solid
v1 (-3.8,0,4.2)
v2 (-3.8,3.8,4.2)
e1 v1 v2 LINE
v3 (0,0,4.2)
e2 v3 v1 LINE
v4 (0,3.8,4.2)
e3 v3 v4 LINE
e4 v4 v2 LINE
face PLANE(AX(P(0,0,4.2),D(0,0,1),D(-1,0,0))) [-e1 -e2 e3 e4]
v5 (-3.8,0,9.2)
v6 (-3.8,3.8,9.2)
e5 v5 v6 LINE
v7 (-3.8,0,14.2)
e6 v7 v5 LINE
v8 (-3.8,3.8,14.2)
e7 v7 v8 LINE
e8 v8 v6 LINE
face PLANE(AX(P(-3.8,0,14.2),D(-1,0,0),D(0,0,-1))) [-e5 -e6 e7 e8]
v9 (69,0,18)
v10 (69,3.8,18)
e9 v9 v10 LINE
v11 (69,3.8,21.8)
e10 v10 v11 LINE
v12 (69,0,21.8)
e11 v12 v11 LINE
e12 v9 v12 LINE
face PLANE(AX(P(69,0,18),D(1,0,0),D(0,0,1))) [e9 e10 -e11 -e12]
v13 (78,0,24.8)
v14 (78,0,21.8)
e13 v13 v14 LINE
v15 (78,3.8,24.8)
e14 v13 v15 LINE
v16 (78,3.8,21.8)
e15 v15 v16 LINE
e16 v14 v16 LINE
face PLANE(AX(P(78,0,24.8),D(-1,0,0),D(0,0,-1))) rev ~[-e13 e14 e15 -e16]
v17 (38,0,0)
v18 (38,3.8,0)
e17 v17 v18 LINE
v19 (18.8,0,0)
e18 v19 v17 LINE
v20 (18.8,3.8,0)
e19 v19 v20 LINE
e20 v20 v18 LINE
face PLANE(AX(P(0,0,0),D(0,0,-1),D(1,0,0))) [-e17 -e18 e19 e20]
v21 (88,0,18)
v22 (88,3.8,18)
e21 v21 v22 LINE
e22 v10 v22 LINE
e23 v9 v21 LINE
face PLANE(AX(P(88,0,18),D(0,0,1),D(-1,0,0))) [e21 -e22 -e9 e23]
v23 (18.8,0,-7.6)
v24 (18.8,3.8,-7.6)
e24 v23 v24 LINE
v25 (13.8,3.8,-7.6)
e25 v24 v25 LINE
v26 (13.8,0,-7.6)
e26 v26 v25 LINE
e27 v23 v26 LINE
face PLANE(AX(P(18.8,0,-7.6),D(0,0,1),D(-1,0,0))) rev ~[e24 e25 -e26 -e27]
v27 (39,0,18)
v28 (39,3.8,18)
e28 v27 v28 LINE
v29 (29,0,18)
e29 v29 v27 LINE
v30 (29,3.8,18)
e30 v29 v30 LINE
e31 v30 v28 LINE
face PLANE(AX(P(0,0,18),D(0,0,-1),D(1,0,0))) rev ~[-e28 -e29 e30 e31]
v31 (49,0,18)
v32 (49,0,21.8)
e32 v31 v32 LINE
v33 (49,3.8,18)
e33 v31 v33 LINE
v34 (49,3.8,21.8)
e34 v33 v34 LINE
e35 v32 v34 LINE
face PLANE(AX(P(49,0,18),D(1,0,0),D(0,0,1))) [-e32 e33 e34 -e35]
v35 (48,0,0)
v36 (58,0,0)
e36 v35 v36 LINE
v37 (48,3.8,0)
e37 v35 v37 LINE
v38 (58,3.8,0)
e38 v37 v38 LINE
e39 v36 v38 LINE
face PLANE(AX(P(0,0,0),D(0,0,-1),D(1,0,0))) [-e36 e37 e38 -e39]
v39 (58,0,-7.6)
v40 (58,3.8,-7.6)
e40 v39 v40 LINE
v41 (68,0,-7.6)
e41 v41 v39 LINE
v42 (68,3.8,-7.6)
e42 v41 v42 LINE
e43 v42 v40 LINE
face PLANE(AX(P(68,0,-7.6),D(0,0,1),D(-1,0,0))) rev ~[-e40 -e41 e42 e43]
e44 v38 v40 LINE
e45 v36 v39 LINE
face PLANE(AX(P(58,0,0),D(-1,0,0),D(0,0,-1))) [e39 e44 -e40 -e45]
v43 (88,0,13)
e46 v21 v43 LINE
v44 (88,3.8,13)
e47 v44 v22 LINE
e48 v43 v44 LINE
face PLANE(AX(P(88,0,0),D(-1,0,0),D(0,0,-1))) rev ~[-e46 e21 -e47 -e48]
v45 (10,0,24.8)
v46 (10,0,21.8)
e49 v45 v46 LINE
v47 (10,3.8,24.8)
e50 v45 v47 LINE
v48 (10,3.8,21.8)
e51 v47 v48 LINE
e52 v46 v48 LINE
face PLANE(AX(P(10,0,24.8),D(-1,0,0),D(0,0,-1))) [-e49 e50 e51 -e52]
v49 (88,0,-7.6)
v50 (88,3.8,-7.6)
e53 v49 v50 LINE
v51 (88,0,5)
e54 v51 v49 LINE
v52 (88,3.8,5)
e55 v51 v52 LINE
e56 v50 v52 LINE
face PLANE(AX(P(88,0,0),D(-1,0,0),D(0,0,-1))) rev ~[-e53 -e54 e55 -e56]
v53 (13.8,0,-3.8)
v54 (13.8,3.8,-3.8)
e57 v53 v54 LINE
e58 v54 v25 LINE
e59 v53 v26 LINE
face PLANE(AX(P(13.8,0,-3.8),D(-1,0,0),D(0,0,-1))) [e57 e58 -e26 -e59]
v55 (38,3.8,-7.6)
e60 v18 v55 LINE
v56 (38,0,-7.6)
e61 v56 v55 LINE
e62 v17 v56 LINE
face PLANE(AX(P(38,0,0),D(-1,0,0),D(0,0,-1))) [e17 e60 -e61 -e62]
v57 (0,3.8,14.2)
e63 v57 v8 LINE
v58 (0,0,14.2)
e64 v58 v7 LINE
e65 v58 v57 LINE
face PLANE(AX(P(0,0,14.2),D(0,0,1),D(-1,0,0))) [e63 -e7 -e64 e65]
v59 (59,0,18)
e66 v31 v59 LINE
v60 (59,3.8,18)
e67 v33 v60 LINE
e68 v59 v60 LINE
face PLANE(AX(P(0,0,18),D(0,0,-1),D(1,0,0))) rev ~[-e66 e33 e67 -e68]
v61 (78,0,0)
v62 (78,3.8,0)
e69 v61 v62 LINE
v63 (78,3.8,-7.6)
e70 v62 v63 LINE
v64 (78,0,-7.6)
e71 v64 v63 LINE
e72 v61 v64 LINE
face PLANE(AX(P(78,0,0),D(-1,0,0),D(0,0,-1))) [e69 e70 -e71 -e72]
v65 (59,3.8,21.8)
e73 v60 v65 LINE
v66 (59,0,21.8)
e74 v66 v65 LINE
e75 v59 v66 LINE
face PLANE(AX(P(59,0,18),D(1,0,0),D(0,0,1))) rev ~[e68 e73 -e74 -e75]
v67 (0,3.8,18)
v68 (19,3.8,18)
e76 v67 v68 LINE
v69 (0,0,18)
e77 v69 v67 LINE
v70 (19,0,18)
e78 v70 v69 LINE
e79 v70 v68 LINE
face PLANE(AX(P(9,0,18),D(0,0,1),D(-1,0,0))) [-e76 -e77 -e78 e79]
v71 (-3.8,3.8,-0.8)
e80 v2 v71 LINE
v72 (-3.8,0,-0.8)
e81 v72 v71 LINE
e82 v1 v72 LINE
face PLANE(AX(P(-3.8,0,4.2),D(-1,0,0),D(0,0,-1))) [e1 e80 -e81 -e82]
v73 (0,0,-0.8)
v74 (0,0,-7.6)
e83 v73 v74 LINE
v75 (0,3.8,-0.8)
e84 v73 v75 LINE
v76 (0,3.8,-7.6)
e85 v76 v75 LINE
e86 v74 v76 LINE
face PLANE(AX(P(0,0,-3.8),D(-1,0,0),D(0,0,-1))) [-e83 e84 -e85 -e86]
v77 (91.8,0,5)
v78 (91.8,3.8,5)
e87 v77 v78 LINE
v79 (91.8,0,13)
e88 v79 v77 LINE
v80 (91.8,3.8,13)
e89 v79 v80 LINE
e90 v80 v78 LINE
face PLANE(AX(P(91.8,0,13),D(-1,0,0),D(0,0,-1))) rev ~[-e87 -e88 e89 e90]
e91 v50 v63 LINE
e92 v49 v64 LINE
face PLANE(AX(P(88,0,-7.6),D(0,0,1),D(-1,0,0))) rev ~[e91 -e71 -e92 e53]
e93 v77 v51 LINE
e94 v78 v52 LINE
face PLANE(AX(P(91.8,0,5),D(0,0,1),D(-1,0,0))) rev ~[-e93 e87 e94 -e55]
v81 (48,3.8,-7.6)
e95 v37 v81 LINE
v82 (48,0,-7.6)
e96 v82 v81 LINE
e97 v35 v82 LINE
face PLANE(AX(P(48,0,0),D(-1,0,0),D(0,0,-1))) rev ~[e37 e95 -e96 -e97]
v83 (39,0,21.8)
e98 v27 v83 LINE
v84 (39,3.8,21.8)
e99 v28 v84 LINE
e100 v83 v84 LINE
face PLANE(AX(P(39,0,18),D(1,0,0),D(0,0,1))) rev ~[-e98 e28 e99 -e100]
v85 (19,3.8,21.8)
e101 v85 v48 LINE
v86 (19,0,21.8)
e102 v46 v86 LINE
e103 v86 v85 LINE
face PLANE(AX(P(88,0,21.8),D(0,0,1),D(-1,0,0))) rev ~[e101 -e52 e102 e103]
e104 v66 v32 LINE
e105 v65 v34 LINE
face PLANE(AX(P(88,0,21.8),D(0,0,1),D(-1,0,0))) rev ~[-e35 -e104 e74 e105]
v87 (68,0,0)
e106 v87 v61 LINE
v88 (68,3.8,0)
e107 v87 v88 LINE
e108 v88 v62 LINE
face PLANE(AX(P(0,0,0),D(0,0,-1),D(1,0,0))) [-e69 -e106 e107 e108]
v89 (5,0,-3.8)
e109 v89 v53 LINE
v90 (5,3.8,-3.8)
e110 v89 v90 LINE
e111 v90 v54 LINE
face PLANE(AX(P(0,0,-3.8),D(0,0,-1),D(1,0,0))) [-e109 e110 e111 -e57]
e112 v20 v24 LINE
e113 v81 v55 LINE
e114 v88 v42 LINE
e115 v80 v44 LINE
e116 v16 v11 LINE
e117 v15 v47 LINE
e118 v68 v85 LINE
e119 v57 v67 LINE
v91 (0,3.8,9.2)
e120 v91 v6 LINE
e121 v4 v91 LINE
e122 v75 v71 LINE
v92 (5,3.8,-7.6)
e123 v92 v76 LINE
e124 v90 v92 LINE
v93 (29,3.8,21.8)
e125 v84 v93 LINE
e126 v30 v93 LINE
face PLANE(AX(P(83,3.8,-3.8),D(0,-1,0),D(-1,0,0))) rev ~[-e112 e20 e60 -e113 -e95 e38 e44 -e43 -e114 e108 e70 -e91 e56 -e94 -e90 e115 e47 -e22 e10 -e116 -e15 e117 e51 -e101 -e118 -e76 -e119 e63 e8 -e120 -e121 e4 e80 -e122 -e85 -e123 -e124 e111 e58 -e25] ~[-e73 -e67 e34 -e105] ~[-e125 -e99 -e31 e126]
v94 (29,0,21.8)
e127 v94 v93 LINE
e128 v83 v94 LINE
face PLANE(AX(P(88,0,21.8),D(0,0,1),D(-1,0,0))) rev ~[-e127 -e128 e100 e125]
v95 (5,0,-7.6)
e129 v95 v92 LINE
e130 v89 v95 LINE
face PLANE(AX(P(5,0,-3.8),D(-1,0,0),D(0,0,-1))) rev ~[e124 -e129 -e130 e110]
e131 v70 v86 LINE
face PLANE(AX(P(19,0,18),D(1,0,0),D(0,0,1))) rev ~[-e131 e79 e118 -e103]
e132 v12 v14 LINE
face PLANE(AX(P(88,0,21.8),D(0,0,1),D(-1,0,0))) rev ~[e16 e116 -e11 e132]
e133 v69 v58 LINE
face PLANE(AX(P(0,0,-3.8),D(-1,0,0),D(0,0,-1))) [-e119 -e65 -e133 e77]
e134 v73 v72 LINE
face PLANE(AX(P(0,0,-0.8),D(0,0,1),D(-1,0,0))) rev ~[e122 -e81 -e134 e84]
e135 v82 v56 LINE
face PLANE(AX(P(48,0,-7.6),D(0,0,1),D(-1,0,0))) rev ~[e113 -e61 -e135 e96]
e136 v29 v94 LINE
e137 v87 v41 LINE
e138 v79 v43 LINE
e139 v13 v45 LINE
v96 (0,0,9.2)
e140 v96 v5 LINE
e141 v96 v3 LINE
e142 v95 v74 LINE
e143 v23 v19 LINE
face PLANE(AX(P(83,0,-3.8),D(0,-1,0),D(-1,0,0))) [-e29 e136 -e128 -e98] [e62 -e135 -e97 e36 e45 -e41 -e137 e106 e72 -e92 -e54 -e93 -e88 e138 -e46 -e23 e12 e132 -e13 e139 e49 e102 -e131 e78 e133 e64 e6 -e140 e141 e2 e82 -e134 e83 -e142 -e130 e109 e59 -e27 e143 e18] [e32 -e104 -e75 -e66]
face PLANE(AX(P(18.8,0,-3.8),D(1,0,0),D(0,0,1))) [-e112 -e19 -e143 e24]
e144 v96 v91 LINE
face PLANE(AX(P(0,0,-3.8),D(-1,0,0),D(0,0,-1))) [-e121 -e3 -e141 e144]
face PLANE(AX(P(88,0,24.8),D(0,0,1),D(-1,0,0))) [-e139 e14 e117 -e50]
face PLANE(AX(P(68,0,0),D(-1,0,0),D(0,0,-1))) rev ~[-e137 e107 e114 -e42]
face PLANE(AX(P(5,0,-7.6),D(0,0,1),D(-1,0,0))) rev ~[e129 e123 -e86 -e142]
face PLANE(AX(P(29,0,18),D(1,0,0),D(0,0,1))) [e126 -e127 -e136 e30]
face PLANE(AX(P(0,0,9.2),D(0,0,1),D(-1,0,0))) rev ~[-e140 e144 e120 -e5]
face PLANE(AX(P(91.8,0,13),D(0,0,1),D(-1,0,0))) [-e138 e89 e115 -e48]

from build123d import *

# Parameters (mm, degrees)
SKETCH1_W           = 88
SKETCH1_H           = 18
BOSS_EXTRUDE1_DEPTH = 3.8
SKETCH2_W           = 18.8
SKETCH2_H           = 3.8
BOSS_EXTRUDE2_DEPTH = 3.8
SKETCH3_W           = 10
SKETCH3_H           = 3.8
BOSS_EXTRUDE3_DEPTH = 3.8
LPATTERN1_COUNT     = 3
LPATTERN1_PITCH     = 20
LPATTERN1_COL_COUNT = 3
LPATTERN1_COL_PITCH = 20
SKETCH4_W           = 1
SKETCH4_H           = 3.8
CUT_EXTRUDE1_DEPTH  = 92.709759568
SKETCH5_W           = 88
SKETCH5_H           = 3
BOSS_EXTRUDE4_DEPTH = 3.8
SKETCH6_W           = 5
SKETCH6_H           = 3.8
BOSS_EXTRUDE5_DEPTH = 3.8
SKETCH7_W           = 10
SKETCH7_H           = 7.6
BOSS_EXTRUDE6_DEPTH = 3.8
LPATTERN2_COUNT     = 3
LPATTERN2_PITCH     = 20
SKETCH9_W           = 9
SKETCH9_H           = 3.8
CUT_EXTRUDE2_DEPTH  = 92.506721065
SKETCH10_W          = 3.8
SKETCH10_H          = 5
SKETCH10_H_2        = 8
BOSS_EXTRUDE8_DEPTH = 3.8
SKETCH11_W          = 10
SKETCH11_H          = 3
CUT_EXTRUDE3_DEPTH  = 96.166800934


with BuildPart() as part:
    # Sketch1 → Boss-Extrude1 (new body)
    with BuildSketch(Plane(origin=(0, 0, 0), x_dir=(1, 0, 0), z_dir=(0, 1, 0))):
        with Locations((44, -9)):
            Rectangle(SKETCH1_W, SKETCH1_H)
    extrude(amount=BOSS_EXTRUDE1_DEPTH)

    # Sketch2 → Boss-Extrude2 (add, through all)
    with BuildSketch(Plane.XZ):
        with Locations((9.4, -1.9)):
            Rectangle(SKETCH2_W, SKETCH2_H)
    extrude(amount=-BOSS_EXTRUDE2_DEPTH)

    # Sketch3 → Boss-Extrude3 (add, through all)
    with BuildSketch(Plane.XZ):
        with Locations((44, 19.9)):
            Rectangle(SKETCH3_W, SKETCH3_H)
    boss_extrude3 = extrude(amount=-BOSS_EXTRUDE3_DEPTH)

    # LPattern1: Boss-Extrude3 ×3
    with Locations(*[(i * LPATTERN1_PITCH, 0, 0) for i in range(1, LPATTERN1_COUNT)]):
        add(boss_extrude3)

    # LPattern1 col: Boss-Extrude3 ×3
    with Locations(*[(-i * LPATTERN1_COL_PITCH, 0, 0) for i in range(1, LPATTERN1_COL_COUNT)]):
        add(boss_extrude3)

    # Sketch4 → Cut-Extrude1 (cut, through all)
    with BuildSketch(Plane(origin=(0, 0, 0), x_dir=(-1, 0, 0), z_dir=(0, -1, 0))):
        with Locations((0.5, -19.9)):
            Rectangle(SKETCH4_W, SKETCH4_H)
        with Locations((-88.5, -19.9)):
            Rectangle(SKETCH4_W, SKETCH4_H)
    extrude(amount=-CUT_EXTRUDE1_DEPTH, mode=Mode.SUBTRACT)

    # Sketch5 → Boss-Extrude4 (add, through all)
    with BuildSketch(Plane(origin=(0, 0, 0), x_dir=(-1, 0, 0), z_dir=(0, -1, 0))):
        with Locations((-44, -23.3)):
            Rectangle(SKETCH5_W, SKETCH5_H)
    extrude(amount=-BOSS_EXTRUDE4_DEPTH)

    # Sketch6 → Boss-Extrude5 (add, through all)
    with BuildSketch(Plane(origin=(0, 0, 0), x_dir=(-1, 0, 0), z_dir=(0, -1, 0))):
        with Locations((-2.5, 5.7)):
            Rectangle(SKETCH6_W, SKETCH6_H)
        with Locations((-16.3, 5.7)):
            Rectangle(SKETCH6_W, SKETCH6_H)
    extrude(amount=-BOSS_EXTRUDE5_DEPTH)

    # Sketch7 → Boss-Extrude6 (add, through all)
    with BuildSketch(Plane(origin=(0, 0, 0), x_dir=(-1, 0, 0), z_dir=(0, -1, 0))):
        with Locations((-83, 3.8)):
            Rectangle(SKETCH7_W, SKETCH7_H)
    boss_extrude6 = extrude(amount=-BOSS_EXTRUDE6_DEPTH)

    # LPattern2: Boss-Extrude6 ×3
    with Locations(*[(-i * LPATTERN2_PITCH, 0, 0) for i in range(1, LPATTERN2_COUNT)]):
        add(boss_extrude6)

    # Sketch9 → Cut-Extrude2 (cut, through all)
    with BuildSketch(Plane(origin=(0, 0, 0), x_dir=(-1, 0, 0), z_dir=(0, -1, 0))):
        with Locations((-4.5, -19.9)):
            Rectangle(SKETCH9_W, SKETCH9_H)
        with Locations((-83.5, -19.9)):
            Rectangle(SKETCH9_W, SKETCH9_H)
    extrude(amount=-CUT_EXTRUDE2_DEPTH, mode=Mode.SUBTRACT)

    # Sketch10 → Boss-Extrude8 (add, through all)
    with BuildSketch(Plane(origin=(0, 0, 0), x_dir=(-1, 0, 0), z_dir=(0, -1, 0))):
        with Locations((1.9, -11.7)):
            Rectangle(SKETCH10_W, SKETCH10_H)
        with Locations((-89.9, -9)):
            Rectangle(SKETCH10_W, SKETCH10_H_2)
        with Locations((1.9, -1.7)):
            Rectangle(SKETCH10_W, SKETCH10_H)
    extrude(amount=-BOSS_EXTRUDE8_DEPTH)

    # Sketch11 → Cut-Extrude3 (cut, through all)
    with BuildSketch(Plane(origin=(0, 0, 0), x_dir=(-1, 0, 0), z_dir=(0, -1, 0))):
        with Locations((-5, -23.3)):
            Rectangle(SKETCH11_W, SKETCH11_H)
        with Locations((-83, -23.3)):
            Rectangle(SKETCH11_W, SKETCH11_H)
    extrude(amount=-CUT_EXTRUDE3_DEPTH, mode=Mode.SUBTRACT)


solid = part.part
